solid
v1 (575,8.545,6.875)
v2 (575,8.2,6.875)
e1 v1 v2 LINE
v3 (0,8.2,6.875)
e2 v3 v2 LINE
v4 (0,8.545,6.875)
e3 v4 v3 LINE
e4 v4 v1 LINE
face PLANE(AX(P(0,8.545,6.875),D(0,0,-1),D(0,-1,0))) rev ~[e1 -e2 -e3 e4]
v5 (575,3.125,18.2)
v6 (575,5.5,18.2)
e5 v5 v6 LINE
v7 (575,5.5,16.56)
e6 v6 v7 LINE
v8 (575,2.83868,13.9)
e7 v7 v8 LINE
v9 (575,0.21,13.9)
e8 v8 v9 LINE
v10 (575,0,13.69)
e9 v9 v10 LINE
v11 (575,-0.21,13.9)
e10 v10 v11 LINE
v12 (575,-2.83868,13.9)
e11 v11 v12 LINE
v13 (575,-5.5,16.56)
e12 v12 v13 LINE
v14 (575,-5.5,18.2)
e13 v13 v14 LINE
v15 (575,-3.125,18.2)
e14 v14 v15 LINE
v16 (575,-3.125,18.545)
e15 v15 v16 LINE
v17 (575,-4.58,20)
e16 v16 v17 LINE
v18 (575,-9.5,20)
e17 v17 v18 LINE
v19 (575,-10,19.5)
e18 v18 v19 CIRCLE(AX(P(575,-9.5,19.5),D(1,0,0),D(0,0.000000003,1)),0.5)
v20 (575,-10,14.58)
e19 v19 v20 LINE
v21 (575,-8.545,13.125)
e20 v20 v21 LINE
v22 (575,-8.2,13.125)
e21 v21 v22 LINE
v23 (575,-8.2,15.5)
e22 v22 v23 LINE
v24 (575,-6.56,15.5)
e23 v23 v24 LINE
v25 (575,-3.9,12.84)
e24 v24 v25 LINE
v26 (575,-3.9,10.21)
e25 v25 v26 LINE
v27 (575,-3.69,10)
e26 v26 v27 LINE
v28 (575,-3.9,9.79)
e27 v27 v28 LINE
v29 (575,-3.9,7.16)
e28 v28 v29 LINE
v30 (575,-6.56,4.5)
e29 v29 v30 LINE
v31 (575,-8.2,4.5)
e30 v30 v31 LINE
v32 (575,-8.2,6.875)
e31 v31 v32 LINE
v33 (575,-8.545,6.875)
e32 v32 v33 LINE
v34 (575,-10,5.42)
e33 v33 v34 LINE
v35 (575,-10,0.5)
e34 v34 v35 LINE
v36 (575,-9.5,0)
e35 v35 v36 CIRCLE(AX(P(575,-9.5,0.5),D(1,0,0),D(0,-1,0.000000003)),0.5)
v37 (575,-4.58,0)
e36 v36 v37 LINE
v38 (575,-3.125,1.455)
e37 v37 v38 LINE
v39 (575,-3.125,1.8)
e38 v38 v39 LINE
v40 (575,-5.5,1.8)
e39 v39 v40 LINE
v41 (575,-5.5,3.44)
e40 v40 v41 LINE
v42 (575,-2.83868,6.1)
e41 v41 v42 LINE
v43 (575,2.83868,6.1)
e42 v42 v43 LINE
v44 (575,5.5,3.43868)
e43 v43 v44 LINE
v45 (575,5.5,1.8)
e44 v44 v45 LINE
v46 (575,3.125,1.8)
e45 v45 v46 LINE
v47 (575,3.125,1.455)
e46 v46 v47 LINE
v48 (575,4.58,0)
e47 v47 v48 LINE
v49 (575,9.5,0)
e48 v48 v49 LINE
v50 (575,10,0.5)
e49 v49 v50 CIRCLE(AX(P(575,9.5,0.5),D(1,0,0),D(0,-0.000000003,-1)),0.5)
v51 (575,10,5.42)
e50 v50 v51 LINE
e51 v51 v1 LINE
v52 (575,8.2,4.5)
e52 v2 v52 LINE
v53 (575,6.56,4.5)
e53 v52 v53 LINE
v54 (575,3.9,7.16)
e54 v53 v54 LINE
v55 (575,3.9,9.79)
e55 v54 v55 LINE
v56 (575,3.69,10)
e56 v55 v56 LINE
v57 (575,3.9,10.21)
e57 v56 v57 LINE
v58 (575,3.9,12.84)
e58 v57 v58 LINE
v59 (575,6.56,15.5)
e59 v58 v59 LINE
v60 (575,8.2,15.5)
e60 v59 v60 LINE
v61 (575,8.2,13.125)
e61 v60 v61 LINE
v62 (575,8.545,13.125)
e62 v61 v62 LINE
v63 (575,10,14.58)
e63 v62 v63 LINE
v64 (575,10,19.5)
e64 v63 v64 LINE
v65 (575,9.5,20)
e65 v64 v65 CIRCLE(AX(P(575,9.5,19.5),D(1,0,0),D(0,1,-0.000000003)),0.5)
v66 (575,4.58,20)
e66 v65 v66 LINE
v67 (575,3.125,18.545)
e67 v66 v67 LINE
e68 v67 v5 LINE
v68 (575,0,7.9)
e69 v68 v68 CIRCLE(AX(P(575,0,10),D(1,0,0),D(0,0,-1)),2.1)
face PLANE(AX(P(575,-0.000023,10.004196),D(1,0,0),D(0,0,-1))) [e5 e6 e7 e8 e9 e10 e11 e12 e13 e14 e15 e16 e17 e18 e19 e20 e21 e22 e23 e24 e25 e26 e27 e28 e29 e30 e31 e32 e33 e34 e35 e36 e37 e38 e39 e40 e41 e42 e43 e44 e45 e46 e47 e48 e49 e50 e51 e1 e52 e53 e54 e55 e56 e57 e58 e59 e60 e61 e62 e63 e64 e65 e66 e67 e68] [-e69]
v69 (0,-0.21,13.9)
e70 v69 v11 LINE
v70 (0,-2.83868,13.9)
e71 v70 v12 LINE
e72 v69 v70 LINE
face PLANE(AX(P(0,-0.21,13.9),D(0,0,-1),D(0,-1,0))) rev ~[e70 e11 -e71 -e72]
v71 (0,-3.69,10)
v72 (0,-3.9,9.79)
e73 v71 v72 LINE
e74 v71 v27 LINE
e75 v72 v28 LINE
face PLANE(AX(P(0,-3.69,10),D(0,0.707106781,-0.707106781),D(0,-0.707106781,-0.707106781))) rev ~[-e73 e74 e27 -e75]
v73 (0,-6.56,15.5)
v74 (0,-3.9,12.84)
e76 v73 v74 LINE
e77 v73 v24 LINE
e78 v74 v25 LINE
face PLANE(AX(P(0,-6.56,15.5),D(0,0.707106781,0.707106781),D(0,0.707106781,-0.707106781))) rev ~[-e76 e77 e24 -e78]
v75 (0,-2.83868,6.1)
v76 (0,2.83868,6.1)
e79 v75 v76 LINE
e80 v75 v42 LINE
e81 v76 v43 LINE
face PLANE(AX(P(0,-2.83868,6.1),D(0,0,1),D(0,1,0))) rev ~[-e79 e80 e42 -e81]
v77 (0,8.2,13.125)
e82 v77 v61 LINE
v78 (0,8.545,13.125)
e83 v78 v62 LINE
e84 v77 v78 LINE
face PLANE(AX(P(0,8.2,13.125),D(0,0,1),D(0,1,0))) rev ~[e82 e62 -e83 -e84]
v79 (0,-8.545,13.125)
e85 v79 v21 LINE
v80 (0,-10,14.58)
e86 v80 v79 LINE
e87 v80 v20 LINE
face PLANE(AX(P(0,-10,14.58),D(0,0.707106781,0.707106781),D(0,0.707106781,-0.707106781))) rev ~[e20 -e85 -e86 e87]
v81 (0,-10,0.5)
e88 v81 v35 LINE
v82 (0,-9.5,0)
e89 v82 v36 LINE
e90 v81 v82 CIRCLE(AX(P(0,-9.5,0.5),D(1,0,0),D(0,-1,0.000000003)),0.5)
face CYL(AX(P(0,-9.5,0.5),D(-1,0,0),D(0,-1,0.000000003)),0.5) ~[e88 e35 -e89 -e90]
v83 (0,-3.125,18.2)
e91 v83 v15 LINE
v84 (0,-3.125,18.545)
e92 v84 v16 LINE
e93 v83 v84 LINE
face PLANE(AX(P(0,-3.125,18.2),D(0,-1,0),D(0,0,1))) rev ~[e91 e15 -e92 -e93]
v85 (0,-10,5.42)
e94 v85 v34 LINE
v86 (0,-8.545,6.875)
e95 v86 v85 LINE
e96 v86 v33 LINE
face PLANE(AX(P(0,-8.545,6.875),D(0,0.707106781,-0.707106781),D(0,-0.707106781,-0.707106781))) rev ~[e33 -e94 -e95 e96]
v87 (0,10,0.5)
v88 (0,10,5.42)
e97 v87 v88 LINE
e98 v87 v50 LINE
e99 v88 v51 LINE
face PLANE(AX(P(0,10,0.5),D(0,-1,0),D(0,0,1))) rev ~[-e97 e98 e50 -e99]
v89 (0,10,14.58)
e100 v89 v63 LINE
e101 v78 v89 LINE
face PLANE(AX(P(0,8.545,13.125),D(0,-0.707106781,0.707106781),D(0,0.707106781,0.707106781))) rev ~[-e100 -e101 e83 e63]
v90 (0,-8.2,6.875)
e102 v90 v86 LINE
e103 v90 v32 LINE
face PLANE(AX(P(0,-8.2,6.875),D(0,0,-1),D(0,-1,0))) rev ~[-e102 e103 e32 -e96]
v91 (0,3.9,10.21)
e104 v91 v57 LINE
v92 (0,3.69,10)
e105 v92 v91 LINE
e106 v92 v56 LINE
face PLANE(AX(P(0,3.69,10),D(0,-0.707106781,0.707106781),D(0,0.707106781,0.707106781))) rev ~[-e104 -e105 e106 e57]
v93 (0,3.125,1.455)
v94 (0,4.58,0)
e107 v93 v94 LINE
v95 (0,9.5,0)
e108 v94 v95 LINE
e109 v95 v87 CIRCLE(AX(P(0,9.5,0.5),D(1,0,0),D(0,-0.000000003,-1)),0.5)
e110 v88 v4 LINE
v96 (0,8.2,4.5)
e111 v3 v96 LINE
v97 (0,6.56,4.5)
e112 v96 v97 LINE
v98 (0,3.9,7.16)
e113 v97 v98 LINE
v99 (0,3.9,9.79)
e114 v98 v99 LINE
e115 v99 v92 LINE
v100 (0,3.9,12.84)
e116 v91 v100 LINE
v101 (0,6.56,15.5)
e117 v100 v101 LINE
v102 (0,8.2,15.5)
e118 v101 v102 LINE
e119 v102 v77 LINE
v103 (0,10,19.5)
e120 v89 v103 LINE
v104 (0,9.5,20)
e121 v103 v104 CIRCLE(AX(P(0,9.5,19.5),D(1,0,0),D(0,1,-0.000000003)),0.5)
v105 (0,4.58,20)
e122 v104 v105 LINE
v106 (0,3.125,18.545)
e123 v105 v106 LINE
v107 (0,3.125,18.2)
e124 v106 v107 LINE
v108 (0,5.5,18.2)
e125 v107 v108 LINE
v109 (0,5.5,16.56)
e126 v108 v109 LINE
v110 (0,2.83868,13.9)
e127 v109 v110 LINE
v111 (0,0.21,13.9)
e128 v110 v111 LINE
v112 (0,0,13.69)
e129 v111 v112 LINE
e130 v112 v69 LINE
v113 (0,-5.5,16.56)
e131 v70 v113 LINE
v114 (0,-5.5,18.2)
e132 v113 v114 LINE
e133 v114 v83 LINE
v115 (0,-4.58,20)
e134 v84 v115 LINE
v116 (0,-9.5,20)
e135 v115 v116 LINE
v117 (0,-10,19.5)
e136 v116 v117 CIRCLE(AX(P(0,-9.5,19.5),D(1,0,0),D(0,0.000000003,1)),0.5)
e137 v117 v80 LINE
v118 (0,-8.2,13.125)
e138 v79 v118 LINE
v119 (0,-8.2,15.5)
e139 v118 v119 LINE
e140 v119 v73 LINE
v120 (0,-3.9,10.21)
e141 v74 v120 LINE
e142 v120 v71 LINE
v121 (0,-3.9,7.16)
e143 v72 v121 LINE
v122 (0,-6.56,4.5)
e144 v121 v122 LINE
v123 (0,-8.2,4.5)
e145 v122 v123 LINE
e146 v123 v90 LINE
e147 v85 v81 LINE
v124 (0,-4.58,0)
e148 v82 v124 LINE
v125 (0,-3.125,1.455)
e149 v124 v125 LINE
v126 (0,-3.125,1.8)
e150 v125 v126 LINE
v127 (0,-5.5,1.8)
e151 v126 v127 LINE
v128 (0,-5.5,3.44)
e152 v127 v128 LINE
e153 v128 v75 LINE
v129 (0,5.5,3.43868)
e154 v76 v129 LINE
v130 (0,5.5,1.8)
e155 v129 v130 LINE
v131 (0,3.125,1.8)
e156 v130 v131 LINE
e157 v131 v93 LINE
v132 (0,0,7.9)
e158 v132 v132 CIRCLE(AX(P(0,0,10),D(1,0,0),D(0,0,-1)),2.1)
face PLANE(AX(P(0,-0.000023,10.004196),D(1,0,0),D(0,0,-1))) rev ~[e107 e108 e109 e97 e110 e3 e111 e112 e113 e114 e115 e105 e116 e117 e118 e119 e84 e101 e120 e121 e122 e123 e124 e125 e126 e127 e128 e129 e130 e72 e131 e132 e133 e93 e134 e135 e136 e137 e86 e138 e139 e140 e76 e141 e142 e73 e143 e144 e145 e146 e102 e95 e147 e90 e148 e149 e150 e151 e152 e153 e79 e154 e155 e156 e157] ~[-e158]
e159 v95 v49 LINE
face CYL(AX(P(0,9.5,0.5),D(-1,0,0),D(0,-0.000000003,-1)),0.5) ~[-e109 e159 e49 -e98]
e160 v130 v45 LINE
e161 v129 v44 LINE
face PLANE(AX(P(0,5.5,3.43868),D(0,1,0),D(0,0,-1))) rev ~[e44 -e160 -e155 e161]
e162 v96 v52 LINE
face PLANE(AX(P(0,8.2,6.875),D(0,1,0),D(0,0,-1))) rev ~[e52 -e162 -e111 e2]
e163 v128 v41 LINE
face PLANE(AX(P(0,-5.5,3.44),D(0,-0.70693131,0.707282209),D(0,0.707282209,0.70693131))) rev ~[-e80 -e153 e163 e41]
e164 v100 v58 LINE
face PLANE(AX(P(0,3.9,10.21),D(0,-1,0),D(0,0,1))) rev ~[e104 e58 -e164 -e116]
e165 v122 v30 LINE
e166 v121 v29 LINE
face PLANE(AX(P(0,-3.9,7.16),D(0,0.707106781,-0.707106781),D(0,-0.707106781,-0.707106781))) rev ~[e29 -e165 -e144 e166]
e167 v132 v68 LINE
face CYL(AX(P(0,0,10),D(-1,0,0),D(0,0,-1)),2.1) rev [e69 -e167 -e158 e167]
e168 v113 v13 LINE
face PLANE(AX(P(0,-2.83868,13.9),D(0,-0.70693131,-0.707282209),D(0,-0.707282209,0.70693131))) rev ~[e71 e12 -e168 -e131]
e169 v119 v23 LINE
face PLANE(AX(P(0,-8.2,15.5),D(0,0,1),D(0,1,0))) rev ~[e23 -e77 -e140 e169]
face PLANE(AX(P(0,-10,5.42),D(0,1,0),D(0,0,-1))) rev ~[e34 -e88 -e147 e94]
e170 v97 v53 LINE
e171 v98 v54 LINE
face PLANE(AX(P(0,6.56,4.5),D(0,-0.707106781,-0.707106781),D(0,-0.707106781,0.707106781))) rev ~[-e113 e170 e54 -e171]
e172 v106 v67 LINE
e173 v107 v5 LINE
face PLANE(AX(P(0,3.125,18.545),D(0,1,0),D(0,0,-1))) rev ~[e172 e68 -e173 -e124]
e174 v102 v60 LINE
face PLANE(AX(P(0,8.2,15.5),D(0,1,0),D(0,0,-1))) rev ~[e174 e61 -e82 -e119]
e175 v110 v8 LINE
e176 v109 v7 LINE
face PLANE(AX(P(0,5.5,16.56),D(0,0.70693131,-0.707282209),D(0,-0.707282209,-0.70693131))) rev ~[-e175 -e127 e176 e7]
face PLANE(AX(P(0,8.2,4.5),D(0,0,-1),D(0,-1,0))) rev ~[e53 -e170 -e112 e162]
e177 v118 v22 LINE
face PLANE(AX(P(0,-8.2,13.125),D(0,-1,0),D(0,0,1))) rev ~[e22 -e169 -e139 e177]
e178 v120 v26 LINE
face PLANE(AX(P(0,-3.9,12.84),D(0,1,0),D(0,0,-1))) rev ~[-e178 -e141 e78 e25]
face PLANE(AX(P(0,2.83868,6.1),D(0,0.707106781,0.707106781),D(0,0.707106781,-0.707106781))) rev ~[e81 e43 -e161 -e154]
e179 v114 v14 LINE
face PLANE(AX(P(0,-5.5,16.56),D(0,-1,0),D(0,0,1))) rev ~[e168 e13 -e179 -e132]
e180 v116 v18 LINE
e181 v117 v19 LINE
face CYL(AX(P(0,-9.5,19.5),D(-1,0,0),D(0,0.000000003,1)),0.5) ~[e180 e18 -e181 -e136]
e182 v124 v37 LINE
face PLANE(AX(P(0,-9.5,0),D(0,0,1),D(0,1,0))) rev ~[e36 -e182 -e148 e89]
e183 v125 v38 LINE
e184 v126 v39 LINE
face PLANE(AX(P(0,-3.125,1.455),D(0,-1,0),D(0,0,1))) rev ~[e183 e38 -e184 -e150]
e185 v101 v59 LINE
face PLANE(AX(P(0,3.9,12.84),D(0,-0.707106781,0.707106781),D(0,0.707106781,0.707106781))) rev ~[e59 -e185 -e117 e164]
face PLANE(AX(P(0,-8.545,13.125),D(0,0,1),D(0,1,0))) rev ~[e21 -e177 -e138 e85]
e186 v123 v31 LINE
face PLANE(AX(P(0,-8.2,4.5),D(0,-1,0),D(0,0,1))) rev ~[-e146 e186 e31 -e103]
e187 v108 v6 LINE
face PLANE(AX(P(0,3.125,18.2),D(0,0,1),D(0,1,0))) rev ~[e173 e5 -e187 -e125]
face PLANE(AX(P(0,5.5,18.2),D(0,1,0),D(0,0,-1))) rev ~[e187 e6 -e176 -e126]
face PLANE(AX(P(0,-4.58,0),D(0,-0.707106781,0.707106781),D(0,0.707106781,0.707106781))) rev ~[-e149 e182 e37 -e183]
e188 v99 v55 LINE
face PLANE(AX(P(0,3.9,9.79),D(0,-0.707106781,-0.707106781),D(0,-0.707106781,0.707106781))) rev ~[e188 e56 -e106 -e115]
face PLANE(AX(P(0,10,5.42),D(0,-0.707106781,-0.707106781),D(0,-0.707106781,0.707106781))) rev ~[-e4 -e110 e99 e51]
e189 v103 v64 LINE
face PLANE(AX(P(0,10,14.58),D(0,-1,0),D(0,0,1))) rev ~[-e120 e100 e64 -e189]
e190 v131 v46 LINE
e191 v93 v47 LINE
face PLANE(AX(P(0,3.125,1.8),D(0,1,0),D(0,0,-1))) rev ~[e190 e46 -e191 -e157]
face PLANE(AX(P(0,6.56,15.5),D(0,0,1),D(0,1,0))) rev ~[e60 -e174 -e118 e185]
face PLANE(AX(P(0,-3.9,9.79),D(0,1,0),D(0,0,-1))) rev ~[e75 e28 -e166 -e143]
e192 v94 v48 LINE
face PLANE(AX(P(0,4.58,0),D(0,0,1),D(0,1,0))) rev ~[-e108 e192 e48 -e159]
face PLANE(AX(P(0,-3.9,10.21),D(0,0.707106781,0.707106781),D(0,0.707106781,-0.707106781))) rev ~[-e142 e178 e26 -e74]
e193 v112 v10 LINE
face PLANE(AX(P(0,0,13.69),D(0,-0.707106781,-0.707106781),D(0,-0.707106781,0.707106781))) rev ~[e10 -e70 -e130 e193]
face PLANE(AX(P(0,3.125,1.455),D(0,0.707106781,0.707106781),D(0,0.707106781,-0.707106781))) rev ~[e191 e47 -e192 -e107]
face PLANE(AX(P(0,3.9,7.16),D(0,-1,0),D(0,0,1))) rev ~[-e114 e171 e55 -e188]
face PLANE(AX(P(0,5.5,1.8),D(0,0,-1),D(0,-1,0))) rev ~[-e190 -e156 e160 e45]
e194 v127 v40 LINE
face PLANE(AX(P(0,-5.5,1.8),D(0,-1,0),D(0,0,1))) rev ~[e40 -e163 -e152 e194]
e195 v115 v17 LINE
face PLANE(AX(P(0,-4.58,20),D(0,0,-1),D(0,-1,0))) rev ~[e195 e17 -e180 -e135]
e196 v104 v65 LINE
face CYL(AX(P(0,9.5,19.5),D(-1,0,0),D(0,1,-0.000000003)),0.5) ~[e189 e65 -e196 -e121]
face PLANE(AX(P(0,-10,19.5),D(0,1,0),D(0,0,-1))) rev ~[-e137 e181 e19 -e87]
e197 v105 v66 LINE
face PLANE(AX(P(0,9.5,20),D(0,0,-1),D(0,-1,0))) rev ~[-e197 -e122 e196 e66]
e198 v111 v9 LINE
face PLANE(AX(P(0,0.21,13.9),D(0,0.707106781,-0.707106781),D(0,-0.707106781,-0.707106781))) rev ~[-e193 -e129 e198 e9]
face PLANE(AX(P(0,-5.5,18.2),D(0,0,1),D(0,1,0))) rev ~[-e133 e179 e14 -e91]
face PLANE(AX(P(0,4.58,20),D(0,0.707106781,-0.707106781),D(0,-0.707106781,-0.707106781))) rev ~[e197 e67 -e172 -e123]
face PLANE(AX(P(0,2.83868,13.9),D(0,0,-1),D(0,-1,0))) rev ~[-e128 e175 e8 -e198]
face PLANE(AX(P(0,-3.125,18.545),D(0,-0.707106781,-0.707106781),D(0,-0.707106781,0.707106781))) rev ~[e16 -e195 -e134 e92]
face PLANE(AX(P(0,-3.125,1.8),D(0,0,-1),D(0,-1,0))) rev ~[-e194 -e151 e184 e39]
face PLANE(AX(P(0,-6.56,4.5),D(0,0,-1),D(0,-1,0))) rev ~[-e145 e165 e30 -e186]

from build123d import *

# Parameters (mm, degrees)
PROFILE_SKETCH_R      = 2.1
PROFILE_EXTRUDE_DEPTH = 575


with BuildPart() as part:
    # Profile Sketch → Profile Extrude (new body)
    with BuildSketch(Plane(origin=(0, 0, 0), x_dir=(0, 0, -1), z_dir=(1, 0, 0))):
        with BuildLine():
            ThreePointArc((0, 9.5), (-0.146446609, 9.853553391), (-0.5, 10))
            Line((-0.5, 10), (-5.42, 10))
            Line((-5.42, 10), (-6.875, 8.545))
            Line((-6.875, 8.545), (-6.875, 8.2))
            Line((-6.875, 8.2), (-4.5, 8.2))
            Line((-4.5, 8.2), (-4.5, 6.56))
            Line((-4.5, 6.56), (-7.16, 3.9))
            Line((-7.16, 3.9), (-9.79, 3.9))
            Line((-9.79, 3.9), (-10, 3.69))
            Line((-10, 3.69), (-10.21, 3.9))
            Line((-10.21, 3.9), (-12.84, 3.9))
            Line((-12.84, 3.9), (-15.5, 6.56))
            Line((-15.5, 6.56), (-15.5, 8.2))
            Line((-15.5, 8.2), (-13.125, 8.2))
            Line((-13.125, 8.2), (-13.125, 8.545))
            Line((-13.125, 8.545), (-14.58, 10))
            Line((-14.58, 10), (-19.5, 10))
            ThreePointArc((-19.5, 10), (-19.853553391, 9.853553391), (-20, 9.5))
            Line((-20, 9.5), (-20, 4.58))
            Line((-20, 4.58), (-18.545, 3.125))
            Line((-18.545, 3.125), (-18.2, 3.125))
            Line((-18.2, 3.125), (-18.2, 5.5))
            Line((-18.2, 5.5), (-16.56, 5.5))
            Line((-16.56, 5.5), (-13.9, 2.838679656))
            Line((-13.9, 2.838679656), (-13.9, 0.21))
            Line((-13.9, 0.21), (-13.69, 0))
            Line((-13.69, 0), (-13.9, -0.21))
            Line((-13.9, -0.21), (-13.9, -2.838679656))
            Line((-13.9, -2.838679656), (-16.56, -5.5))
            Line((-16.56, -5.5), (-18.2, -5.5))
            Line((-18.2, -5.5), (-18.2, -3.125))
            Line((-18.2, -3.125), (-18.545, -3.125))
            Line((-18.545, -3.125), (-20, -4.58))
            Line((-20, -4.58), (-20, -9.5))
            ThreePointArc((-20, -9.5), (-19.853553391, -9.853553391), (-19.5, -10))
            Line((-19.5, -10), (-14.58, -10))
            Line((-14.58, -10), (-13.125, -8.545))
            Line((-13.125, -8.545), (-13.125, -8.2))
            Line((-13.125, -8.2), (-15.5, -8.2))
            Line((-15.5, -8.2), (-15.5, -6.56))
            Line((-15.5, -6.56), (-12.84, -3.9))
            Line((-12.84, -3.9), (-10.21, -3.9))
            Line((-10.21, -3.9), (-10, -3.69))
            Line((-10, -3.69), (-9.79, -3.9))
            Line((-9.79, -3.9), (-7.16, -3.9))
            Line((-7.16, -3.9), (-4.5, -6.56))
            Line((-4.5, -6.56), (-4.5, -8.2))
            Line((-4.5, -8.2), (-6.875, -8.2))
            Line((-6.875, -8.2), (-6.875, -8.545))
            Line((-6.875, -8.545), (-5.42, -10))
            Line((-5.42, -10), (-0.5, -10))
            ThreePointArc((-0.5, -10), (-0.146446609, -9.853553391), (0, -9.5))
            Line((0, -9.5), (0, -4.58))
            Line((0, -4.58), (-1.455, -3.125))
            Line((-1.455, -3.125), (-1.8, -3.125))
            Line((-1.8, -3.125), (-1.8, -5.5))
            Line((-1.8, -5.5), (-3.44, -5.5))
            Line((-3.44, -5.5), (-6.1, -2.838679656))
            Line((-6.1, -2.838679656), (-6.1, -0.21))
            Line((-6.1, -0.21), (-6.1, 2.838679656))
            Line((-6.1, 2.838679656), (-3.438679656, 5.5))
            Line((-3.438679656, 5.5), (-1.8, 5.5))
            Line((-1.8, 5.5), (-1.8, 3.125))
            Line((-1.8, 3.125), (-1.455, 3.125))
            Line((-1.455, 3.125), (0, 4.58))
            Line((0, 4.58), (0, 9.5))
        make_face()
        with Locations((-10, 0)):
            Circle(PROFILE_SKETCH_R, mode=Mode.SUBTRACT)
    extrude(amount=PROFILE_EXTRUDE_DEPTH)


solid = part.part
